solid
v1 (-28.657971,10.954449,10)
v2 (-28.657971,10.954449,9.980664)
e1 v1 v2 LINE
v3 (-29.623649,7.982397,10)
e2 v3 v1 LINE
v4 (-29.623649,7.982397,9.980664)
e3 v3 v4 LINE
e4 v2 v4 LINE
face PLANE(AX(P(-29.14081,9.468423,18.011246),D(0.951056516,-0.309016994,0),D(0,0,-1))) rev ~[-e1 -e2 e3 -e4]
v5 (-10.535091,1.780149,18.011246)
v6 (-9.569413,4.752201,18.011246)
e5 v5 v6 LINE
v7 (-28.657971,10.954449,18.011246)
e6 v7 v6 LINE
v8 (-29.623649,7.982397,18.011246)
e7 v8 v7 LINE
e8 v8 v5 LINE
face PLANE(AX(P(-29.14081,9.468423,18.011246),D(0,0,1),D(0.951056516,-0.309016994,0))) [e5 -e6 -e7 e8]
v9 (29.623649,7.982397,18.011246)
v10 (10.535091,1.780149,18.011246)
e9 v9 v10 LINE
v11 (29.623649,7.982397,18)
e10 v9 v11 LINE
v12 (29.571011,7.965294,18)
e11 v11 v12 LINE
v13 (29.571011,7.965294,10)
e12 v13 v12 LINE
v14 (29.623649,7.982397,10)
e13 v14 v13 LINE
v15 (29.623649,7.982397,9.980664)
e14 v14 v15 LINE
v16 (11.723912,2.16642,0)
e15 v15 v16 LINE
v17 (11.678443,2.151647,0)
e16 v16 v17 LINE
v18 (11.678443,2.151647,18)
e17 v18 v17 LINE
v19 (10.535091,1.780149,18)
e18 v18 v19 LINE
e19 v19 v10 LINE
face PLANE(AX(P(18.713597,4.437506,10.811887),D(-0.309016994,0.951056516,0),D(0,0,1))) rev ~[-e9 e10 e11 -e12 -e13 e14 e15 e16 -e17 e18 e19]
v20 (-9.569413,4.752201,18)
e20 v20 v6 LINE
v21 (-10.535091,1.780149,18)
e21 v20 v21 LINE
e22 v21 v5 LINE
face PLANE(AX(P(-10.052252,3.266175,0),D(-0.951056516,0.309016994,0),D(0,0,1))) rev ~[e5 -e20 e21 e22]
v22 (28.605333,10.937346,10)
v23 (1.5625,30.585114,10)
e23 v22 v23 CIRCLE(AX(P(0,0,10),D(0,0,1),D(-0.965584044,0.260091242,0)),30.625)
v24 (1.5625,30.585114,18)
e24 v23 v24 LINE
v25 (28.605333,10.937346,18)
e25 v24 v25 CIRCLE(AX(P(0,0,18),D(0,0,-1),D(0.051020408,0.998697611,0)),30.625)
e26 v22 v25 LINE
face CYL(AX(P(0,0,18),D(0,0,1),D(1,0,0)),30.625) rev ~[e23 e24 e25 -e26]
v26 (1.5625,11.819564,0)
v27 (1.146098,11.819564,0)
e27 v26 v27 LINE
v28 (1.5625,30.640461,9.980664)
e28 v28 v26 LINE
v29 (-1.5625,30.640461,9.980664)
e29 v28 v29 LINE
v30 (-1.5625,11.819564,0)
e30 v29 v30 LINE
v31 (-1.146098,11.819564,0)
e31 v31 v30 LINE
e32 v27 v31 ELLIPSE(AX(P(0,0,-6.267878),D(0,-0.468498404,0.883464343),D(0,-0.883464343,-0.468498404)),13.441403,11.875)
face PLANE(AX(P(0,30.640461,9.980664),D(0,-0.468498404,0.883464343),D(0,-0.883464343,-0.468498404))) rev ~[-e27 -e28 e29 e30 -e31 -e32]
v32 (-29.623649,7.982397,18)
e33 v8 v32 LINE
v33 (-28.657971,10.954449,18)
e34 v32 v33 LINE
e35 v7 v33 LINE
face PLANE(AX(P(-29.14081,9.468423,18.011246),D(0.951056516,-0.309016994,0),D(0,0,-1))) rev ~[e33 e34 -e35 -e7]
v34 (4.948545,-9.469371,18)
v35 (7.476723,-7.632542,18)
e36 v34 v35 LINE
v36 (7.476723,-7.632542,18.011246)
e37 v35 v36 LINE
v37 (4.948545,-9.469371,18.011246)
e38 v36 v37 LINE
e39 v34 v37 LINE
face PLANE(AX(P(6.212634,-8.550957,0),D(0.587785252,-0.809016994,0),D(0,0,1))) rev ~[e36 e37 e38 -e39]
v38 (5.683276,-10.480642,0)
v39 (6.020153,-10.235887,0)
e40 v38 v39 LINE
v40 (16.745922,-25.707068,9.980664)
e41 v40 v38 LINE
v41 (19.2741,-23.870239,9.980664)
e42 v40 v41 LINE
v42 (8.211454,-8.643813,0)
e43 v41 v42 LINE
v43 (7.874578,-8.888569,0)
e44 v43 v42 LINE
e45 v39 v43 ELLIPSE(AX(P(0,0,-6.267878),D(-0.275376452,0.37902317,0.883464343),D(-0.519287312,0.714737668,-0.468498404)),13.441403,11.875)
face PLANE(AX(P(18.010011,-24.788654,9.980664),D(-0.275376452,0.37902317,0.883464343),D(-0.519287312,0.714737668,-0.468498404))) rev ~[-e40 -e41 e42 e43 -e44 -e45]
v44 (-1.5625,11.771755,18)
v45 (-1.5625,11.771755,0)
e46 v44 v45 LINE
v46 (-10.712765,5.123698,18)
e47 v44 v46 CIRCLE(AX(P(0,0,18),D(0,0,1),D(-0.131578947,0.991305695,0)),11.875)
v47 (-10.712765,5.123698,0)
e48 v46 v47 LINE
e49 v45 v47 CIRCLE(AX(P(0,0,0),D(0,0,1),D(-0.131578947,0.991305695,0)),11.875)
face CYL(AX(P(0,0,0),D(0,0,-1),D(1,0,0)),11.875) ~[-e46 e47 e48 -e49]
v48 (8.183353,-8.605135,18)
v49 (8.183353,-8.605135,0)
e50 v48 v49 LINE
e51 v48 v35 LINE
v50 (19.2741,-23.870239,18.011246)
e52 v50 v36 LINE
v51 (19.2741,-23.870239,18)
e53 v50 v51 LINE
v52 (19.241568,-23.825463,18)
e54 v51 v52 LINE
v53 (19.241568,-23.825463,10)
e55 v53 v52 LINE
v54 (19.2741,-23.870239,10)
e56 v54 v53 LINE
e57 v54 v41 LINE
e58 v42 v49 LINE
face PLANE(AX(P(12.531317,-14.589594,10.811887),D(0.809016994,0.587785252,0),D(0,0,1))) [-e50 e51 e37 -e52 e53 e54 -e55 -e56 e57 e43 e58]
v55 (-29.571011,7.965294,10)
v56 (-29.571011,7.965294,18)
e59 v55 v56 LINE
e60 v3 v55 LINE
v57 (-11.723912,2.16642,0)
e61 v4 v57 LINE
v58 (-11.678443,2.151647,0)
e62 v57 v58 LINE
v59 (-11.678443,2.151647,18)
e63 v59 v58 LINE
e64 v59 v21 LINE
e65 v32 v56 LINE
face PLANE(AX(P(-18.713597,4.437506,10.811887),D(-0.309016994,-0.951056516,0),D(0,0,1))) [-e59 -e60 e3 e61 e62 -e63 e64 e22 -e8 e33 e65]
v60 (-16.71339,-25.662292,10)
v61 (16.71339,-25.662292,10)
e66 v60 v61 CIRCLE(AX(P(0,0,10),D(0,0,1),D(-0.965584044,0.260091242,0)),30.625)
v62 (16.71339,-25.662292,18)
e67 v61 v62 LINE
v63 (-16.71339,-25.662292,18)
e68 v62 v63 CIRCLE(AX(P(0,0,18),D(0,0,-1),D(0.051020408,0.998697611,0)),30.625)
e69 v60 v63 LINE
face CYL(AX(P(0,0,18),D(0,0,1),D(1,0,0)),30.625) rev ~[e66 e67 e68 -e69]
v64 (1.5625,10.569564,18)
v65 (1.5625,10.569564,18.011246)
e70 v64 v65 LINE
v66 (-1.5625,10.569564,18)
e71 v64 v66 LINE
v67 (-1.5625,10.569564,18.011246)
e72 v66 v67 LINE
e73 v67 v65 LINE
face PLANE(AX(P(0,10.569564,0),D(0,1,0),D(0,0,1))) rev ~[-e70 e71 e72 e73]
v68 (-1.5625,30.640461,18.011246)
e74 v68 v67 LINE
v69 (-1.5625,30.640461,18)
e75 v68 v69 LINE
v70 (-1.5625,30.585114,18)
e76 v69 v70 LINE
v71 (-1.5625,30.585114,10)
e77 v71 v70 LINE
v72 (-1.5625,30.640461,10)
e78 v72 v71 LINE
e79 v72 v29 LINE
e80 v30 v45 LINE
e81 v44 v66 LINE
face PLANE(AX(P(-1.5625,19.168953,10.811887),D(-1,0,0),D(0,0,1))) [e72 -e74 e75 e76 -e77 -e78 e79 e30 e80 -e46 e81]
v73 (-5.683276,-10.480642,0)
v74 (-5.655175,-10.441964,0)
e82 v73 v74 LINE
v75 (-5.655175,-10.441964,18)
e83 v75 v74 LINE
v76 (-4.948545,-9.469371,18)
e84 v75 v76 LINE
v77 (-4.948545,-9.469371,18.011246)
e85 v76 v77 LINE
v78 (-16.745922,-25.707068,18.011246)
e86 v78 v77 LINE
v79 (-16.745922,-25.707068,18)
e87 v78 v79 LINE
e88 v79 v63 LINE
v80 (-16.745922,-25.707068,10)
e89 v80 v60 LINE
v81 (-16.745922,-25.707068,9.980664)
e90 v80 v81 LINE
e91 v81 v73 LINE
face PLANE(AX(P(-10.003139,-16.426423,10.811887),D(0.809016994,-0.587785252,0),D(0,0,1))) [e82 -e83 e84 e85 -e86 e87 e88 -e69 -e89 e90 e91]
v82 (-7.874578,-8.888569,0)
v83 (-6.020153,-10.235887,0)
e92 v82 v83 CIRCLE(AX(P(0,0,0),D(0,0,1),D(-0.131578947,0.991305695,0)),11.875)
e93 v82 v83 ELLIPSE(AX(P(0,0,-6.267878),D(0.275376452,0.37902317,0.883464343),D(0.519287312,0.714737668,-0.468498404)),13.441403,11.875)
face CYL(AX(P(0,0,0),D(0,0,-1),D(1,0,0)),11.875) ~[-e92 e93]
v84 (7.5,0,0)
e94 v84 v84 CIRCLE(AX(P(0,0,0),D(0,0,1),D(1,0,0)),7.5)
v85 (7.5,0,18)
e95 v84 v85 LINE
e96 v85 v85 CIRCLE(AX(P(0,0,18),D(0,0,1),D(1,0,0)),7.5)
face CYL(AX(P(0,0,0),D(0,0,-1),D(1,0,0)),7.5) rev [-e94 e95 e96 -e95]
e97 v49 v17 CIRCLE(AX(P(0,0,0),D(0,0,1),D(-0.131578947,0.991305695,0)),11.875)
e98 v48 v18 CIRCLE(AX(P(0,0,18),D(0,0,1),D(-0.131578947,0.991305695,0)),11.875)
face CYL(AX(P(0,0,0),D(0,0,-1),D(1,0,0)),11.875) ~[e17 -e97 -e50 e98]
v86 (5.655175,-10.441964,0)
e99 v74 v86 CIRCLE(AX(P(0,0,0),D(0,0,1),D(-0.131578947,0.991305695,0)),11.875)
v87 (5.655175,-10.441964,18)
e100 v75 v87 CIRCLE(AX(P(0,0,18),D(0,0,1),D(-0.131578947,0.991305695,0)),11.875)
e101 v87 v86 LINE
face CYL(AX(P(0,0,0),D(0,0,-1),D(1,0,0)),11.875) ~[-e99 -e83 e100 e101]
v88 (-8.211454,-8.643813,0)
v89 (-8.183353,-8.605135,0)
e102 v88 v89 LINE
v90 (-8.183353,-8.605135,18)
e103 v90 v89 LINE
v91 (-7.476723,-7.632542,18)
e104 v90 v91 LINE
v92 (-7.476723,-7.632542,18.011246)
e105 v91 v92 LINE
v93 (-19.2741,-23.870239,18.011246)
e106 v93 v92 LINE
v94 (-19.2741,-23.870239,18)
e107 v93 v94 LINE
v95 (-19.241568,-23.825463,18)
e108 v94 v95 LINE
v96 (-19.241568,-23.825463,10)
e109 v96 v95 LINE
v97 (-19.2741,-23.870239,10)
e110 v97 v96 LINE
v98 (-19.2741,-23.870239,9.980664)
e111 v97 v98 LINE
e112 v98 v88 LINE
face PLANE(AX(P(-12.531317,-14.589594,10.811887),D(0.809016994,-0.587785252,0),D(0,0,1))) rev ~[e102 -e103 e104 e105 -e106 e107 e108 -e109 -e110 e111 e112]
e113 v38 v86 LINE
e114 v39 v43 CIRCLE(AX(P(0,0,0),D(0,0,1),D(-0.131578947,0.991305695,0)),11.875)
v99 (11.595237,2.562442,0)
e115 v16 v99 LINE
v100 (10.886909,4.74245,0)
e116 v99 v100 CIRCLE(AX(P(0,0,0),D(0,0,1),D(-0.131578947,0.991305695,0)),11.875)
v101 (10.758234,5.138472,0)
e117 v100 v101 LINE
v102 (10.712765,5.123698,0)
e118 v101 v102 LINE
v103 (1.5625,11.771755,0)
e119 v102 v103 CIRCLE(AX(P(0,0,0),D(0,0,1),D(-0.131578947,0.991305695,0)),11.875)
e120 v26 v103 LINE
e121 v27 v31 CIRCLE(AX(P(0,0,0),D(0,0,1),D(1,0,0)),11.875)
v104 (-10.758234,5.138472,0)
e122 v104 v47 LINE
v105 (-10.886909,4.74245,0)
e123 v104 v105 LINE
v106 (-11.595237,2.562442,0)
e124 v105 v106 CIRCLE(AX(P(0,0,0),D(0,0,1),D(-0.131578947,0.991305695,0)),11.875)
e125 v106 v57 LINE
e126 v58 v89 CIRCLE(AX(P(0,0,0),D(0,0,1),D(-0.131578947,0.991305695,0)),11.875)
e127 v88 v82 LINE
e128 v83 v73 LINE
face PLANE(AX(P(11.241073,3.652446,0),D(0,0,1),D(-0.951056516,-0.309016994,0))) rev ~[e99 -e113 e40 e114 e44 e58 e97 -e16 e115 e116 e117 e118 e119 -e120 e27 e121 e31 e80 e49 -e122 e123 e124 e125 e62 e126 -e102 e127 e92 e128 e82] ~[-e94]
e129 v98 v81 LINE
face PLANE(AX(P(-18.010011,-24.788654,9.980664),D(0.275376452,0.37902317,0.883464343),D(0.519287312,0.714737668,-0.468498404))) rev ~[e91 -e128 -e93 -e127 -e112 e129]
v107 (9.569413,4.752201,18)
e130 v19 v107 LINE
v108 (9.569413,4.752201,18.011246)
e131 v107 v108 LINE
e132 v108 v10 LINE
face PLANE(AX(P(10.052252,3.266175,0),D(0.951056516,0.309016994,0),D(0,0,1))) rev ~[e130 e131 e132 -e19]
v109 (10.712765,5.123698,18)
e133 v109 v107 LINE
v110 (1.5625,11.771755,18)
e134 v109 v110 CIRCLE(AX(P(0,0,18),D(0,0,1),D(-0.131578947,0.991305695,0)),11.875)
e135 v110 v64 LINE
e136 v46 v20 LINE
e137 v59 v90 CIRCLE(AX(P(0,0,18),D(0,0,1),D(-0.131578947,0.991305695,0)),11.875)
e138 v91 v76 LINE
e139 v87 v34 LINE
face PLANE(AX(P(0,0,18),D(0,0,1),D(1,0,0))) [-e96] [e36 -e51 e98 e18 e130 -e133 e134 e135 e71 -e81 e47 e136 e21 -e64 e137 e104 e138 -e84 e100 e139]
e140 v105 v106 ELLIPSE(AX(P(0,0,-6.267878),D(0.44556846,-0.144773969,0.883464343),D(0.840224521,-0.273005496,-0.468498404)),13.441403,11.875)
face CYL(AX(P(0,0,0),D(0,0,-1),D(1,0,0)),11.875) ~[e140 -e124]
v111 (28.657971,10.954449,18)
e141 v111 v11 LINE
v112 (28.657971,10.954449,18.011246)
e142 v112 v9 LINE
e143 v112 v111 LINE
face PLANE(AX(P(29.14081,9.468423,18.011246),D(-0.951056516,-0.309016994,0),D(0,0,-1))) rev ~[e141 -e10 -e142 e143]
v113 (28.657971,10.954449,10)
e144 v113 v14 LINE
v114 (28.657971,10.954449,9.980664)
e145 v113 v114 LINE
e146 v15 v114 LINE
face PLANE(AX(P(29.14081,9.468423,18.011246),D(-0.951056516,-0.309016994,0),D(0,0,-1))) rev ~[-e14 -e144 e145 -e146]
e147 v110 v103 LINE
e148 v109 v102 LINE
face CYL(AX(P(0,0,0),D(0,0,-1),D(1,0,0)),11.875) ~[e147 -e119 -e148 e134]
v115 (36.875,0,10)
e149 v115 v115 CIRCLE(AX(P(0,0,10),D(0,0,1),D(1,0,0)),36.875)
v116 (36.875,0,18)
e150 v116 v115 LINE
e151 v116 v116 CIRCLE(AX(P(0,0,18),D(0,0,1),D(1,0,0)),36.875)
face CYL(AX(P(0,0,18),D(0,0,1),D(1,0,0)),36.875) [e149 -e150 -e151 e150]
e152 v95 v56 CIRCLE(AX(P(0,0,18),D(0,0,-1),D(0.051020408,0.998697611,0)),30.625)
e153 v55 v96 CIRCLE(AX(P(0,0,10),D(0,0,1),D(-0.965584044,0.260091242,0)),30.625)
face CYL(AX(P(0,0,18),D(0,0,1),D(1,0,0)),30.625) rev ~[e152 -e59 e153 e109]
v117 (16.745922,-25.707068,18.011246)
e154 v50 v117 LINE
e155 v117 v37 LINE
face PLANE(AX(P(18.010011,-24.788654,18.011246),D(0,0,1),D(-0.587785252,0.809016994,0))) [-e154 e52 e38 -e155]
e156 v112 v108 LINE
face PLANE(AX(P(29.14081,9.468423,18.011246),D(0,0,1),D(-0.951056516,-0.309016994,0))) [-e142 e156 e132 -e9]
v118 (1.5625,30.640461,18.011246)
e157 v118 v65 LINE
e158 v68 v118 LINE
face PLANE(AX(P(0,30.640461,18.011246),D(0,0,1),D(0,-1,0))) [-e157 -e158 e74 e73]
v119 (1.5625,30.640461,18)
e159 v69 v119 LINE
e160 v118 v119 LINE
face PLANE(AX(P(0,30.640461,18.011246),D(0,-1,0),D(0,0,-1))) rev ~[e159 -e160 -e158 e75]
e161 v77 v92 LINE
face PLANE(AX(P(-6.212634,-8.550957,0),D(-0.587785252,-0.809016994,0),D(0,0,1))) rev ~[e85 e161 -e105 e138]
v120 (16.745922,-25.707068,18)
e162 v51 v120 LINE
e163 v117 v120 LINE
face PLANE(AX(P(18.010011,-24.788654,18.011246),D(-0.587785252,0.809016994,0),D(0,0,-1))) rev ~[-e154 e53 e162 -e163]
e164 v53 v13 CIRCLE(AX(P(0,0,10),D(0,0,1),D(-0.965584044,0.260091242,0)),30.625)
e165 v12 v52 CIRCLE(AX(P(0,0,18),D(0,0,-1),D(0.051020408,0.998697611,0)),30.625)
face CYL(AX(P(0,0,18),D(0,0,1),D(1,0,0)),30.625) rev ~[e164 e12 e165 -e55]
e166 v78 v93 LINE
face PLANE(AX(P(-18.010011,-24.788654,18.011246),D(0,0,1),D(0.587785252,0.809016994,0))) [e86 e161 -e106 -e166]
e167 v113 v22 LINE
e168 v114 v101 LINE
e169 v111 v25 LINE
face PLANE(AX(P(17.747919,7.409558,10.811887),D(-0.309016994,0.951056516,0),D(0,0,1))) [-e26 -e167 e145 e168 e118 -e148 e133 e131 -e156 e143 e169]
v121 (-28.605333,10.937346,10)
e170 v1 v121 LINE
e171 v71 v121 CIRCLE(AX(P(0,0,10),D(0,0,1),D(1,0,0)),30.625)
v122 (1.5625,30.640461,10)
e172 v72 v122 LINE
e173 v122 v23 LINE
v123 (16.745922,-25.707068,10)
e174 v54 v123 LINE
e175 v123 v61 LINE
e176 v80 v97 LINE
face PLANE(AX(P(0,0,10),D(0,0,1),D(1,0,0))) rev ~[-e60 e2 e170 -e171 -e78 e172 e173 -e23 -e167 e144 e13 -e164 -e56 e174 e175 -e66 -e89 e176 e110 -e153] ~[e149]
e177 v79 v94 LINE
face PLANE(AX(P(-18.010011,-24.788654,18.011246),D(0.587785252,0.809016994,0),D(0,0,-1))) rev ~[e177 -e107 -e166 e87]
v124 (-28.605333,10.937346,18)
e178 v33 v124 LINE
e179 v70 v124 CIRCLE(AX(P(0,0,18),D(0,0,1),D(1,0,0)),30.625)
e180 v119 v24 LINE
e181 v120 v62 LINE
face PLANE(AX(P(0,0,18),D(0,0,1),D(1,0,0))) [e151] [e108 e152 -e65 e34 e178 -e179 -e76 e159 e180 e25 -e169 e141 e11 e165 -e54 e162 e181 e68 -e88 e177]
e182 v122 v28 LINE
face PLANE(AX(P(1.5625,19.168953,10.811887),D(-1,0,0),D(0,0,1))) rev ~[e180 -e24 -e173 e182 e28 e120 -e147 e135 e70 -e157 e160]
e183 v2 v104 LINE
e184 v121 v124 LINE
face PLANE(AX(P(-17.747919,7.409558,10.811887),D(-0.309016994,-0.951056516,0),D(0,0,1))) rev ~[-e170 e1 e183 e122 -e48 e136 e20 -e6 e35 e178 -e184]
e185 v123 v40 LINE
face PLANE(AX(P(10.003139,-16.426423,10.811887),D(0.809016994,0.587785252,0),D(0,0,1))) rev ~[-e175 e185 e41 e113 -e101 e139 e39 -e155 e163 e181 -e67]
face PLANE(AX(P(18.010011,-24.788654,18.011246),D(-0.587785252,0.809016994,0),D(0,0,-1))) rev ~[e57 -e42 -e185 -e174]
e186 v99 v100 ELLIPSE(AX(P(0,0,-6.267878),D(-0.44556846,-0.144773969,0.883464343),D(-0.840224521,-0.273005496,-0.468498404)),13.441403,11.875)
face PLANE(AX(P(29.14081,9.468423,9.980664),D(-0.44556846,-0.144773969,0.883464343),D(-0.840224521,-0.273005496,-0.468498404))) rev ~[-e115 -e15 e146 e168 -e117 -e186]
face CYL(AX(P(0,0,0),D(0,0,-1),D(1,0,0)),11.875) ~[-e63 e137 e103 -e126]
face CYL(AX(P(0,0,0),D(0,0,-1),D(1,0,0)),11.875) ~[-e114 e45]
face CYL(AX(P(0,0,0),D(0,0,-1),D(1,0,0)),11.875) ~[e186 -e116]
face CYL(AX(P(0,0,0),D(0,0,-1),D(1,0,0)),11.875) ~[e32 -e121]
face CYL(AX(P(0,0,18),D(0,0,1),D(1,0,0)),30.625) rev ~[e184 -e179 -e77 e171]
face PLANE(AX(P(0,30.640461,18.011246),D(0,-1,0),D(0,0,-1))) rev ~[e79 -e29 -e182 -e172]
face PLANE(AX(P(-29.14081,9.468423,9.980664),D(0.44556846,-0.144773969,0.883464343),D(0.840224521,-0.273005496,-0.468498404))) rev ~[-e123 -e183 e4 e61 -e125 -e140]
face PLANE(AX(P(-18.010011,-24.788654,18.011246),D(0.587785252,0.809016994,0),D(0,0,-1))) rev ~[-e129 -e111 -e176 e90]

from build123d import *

# Parameters (mm, degrees)
SKETCH1_R           = 11.875
SKETCH1_R_2         = 7.5
BOSS_EXTRUDE1_DEPTH = 18
SKETCH2_R           = 36.875
SKETCH2_R_2         = 30.625
BOSS_EXTRUDE2_DEPTH = 8
BOSS_EXTRUDE3_DEPTH = 1.5625
CIRPATTERN1_COUNT   = 5


with BuildPart() as part:
    # Sketch1 → Boss-Extrude1 (new body)
    with BuildSketch(Plane.XY):
        Circle(SKETCH1_R)
        Circle(SKETCH1_R_2, mode=Mode.SUBTRACT)
    extrude(amount=BOSS_EXTRUDE1_DEPTH)



with BuildPart() as body_2:
    # Sketch2 → Boss-Extrude2 (new body)
    with BuildSketch(Plane.XY.offset(18)):
        Circle(SKETCH2_R)
        Circle(SKETCH2_R_2, mode=Mode.SUBTRACT)
    extrude(amount=-BOSS_EXTRUDE2_DEPTH)


with BuildPart() as part_1:
    add(part.part)

    add(body_2.part)  # Boss-Extrude3 merges body 2
    # Sketch3 → Boss-Extrude3 (add, symmetric)
    with BuildSketch(Plane(origin=(0, 0, 0), x_dir=(0, 0, -1), z_dir=(1, 0, 0))):
        Polygon((-18.011246249, 30.640460967), (-9.980663523, 30.640460967), (0, 11.819563663), (0, 10.569563663), (-18.011246249, 10.569563663), (-18.011246249, 11.819563663), align=None)
    boss_extrude3 = extrude(amount=BOSS_EXTRUDE3_DEPTH, both=True)

    # CirPattern1: Boss-Extrude3 ×5 about axis
    cirpattern1_axis = Axis((0, 0, 0), (0, 0, 1))
    for i in range(1, CIRPATTERN1_COUNT):
        add(boss_extrude3.rotate(cirpattern1_axis, i * 360 / CIRPATTERN1_COUNT))


solid = part_1.part
